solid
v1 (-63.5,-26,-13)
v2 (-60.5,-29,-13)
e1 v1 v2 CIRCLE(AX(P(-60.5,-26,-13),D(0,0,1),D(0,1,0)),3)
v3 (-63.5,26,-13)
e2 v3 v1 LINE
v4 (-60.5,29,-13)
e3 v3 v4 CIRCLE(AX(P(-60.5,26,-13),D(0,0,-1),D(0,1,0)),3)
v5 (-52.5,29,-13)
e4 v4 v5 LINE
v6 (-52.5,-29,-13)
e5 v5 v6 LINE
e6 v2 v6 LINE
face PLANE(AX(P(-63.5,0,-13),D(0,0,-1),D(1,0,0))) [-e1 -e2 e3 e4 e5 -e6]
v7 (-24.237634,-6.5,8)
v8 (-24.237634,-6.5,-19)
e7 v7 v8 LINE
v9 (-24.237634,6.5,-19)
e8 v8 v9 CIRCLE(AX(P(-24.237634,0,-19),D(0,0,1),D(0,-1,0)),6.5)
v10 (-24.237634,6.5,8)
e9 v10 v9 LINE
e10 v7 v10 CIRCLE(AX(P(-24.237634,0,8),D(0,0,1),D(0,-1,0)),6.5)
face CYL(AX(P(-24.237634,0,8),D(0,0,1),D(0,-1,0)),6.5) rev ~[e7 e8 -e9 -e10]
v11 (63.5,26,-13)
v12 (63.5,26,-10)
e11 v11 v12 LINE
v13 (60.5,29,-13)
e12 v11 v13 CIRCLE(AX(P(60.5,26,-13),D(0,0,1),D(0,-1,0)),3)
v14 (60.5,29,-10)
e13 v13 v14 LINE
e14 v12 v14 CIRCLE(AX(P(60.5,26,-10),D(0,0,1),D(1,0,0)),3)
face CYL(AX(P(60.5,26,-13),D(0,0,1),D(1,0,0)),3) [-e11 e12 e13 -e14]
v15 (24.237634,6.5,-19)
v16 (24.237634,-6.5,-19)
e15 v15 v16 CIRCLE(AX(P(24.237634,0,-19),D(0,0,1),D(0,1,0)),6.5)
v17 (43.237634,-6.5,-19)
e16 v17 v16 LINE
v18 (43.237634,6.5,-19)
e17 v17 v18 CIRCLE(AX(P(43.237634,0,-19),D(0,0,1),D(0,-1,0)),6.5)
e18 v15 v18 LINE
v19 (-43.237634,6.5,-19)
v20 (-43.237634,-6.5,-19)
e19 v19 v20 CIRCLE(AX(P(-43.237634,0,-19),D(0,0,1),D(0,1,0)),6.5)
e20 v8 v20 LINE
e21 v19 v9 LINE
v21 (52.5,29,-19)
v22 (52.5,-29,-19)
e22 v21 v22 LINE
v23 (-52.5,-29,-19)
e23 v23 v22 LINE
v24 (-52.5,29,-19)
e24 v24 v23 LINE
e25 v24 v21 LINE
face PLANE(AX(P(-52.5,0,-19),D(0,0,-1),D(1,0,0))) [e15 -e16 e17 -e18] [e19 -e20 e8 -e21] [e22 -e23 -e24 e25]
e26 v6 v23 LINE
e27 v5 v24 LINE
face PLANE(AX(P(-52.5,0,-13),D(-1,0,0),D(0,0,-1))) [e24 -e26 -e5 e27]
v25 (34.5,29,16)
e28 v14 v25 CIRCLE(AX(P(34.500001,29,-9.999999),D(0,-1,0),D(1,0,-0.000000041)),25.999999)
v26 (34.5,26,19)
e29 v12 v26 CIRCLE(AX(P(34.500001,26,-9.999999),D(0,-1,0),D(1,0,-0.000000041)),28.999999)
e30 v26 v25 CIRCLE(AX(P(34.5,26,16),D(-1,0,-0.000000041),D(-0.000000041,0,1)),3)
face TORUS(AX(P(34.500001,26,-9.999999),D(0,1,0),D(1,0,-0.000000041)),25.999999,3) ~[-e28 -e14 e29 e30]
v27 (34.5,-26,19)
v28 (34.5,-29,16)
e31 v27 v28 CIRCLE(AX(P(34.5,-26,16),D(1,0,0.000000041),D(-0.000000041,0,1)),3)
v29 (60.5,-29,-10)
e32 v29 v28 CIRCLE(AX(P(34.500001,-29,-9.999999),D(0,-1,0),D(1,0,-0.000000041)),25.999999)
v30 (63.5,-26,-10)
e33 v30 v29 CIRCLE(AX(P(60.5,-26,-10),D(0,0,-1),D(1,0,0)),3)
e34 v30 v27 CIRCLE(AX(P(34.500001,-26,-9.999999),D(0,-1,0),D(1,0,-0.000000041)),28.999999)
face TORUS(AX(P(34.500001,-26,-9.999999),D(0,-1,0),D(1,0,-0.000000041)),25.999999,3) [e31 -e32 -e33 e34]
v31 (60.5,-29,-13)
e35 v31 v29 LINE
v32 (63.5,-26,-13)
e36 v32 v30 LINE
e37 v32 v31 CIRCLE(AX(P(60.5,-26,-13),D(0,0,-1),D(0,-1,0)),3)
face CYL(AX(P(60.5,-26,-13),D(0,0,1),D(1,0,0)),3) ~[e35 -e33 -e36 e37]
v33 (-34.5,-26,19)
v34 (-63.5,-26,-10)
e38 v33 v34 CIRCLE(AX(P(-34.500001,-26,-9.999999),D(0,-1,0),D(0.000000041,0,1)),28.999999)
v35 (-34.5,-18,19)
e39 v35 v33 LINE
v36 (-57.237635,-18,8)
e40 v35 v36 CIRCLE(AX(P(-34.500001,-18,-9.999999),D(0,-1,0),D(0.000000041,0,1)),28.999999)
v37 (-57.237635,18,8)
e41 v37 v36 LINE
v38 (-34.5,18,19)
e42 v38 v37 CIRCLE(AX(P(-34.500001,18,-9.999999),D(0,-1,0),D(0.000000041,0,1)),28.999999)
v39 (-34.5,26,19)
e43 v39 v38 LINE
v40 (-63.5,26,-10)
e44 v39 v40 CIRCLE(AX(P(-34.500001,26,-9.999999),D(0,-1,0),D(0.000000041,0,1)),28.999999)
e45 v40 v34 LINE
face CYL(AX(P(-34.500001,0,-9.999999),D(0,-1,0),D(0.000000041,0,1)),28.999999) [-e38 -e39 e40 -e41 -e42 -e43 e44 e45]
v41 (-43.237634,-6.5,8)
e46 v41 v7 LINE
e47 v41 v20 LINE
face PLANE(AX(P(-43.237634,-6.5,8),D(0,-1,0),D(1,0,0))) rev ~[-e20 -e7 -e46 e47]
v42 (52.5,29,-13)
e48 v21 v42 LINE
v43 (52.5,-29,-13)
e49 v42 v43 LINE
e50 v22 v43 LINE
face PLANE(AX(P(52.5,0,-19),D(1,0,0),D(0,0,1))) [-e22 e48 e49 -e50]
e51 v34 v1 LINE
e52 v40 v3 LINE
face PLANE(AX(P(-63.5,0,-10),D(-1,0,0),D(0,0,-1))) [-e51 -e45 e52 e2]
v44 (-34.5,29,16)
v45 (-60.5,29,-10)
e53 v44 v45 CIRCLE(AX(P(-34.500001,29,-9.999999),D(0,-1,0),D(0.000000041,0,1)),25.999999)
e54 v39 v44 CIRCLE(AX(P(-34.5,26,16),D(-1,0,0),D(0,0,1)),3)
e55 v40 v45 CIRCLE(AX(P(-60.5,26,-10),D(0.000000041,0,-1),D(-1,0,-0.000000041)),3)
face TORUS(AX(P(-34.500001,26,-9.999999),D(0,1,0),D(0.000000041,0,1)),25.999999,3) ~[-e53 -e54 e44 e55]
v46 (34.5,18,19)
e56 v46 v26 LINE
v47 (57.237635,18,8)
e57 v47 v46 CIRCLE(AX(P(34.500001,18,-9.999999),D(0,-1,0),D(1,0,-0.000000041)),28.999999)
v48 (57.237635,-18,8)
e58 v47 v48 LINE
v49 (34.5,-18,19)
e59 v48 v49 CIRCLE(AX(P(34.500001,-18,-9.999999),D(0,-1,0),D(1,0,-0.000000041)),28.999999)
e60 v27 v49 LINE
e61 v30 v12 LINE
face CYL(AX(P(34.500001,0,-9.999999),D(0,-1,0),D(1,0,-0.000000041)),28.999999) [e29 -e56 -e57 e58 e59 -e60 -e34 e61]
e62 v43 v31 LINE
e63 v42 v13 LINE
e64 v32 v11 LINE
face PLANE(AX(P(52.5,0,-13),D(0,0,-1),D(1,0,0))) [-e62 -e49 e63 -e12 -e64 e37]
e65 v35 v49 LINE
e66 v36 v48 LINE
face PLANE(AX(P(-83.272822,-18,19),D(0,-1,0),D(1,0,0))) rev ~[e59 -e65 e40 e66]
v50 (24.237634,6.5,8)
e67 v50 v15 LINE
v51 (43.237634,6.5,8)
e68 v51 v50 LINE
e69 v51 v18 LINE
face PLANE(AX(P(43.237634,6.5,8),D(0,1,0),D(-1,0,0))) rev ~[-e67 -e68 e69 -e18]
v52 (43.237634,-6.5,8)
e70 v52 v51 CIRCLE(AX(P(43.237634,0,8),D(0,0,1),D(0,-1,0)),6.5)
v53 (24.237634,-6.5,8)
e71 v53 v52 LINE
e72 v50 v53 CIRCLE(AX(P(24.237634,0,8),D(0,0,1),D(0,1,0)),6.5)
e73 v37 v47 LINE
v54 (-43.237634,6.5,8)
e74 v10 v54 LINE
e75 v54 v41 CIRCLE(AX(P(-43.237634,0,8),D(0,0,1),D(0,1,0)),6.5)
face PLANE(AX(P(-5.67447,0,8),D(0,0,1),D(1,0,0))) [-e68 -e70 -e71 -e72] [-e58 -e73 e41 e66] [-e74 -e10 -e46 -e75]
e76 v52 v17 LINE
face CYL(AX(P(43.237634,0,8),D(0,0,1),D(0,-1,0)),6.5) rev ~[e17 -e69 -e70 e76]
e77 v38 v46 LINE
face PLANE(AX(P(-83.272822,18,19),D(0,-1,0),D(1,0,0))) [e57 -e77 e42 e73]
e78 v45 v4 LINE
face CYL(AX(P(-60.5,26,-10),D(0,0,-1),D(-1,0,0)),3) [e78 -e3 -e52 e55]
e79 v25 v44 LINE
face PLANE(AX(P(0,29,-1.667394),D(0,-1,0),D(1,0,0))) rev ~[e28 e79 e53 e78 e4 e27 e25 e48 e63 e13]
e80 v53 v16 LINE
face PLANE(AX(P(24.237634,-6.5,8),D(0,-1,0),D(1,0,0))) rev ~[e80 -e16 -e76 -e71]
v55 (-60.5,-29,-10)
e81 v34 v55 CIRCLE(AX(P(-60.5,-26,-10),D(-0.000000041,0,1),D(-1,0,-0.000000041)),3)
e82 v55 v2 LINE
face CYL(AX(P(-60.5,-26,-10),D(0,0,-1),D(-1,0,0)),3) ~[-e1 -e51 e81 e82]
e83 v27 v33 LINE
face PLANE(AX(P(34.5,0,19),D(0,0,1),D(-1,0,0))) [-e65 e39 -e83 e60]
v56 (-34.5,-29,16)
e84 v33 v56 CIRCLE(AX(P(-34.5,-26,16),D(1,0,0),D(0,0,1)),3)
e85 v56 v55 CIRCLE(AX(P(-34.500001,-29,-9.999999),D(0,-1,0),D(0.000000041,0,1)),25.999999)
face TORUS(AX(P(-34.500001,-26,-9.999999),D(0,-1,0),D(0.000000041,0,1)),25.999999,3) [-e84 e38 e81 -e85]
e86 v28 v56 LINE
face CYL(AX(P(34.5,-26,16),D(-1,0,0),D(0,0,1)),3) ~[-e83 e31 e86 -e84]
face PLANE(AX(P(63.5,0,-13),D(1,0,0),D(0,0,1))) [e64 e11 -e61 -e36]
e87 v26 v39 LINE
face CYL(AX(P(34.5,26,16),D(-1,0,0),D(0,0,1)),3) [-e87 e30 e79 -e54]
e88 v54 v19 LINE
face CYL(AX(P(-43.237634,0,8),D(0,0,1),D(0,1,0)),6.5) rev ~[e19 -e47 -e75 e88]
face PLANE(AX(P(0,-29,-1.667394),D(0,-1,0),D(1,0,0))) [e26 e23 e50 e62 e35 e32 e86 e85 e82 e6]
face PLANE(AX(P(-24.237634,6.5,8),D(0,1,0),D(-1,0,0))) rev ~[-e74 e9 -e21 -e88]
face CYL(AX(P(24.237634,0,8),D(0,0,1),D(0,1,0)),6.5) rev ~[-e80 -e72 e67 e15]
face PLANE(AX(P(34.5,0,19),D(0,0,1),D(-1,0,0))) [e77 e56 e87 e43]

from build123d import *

# Parameters (mm, degrees)
F1_DEPTH = 29
F2_W     = 155.196704
F2_H     = 36
F3_DEPTH = 11
F5_DEPTH = 27.001
F6_R     = 3


with BuildPart() as f1:
    # F0 (on Front) → F1 (new body, symmetric)
    with BuildSketch(Plane.XZ):
        with BuildLine():
            Line((34.5, 19), (-34.5, 19))
            ThreePointArc((-34.5, 19), (-55.006097, 10.506097), (-63.5, -10))
            Line((-63.5, -10), (-63.5, -13))
            Line((-63.5, -13), (-52.5, -13))
            Line((-52.5, -13), (-52.5, -19))
            Line((-52.5, -19), (52.5, -19))
            Line((52.5, -19), (52.5, -13))
            Line((52.5, -13), (63.5, -13))
            Line((63.5, -13), (63.5, -10))
            ThreePointArc((63.5, -10), (55.006097, 10.506097), (34.5, 19))
        make_face()
    extrude(amount=F1_DEPTH, both=True)

    # F2 (on face) → F3 (cut)
    with BuildSketch(Plane.XY.offset(19)):
        with Locations((-5.67447, 0)):
            Rectangle(F2_W, F2_H)
    extrude(amount=-F3_DEPTH, mode=Mode.SUBTRACT)

    # F4 (on face) → F5 (cut, through all)
    with BuildSketch(Plane.XY.offset(8)):
        with BuildLine():
            Line((-24.237634, 6.5), (-43.237634, 6.5))
            ThreePointArc((-43.237634, 6.5), (-49.737634, 0), (-43.237634, -6.5))
            Line((-43.237634, -6.5), (-24.237634, -6.5))
            ThreePointArc((-24.237634, -6.5), (-17.737634, 0), (-24.237634, 6.5))
        make_face()
        with BuildLine():
            Line((43.237634, 6.5), (24.237634, 6.5))
            ThreePointArc((24.237634, 6.5), (17.737634, 0), (24.237634, -6.5))
            Line((24.237634, -6.5), (43.237634, -6.5))
            ThreePointArc((43.237634, -6.5), (49.737634, 0), (43.237634, 6.5))
        make_face()
    extrude(amount=-F5_DEPTH, mode=Mode.SUBTRACT)

    # F6
    f6_edges = [f1.edges().sort_by_distance(p)[0] for p in [
        (-55.006097, -29, 10.506097),
        (55.006097, 29, 10.506097),
    ]]
    fillet(f6_edges, radius=F6_R)


solid = f1.part
